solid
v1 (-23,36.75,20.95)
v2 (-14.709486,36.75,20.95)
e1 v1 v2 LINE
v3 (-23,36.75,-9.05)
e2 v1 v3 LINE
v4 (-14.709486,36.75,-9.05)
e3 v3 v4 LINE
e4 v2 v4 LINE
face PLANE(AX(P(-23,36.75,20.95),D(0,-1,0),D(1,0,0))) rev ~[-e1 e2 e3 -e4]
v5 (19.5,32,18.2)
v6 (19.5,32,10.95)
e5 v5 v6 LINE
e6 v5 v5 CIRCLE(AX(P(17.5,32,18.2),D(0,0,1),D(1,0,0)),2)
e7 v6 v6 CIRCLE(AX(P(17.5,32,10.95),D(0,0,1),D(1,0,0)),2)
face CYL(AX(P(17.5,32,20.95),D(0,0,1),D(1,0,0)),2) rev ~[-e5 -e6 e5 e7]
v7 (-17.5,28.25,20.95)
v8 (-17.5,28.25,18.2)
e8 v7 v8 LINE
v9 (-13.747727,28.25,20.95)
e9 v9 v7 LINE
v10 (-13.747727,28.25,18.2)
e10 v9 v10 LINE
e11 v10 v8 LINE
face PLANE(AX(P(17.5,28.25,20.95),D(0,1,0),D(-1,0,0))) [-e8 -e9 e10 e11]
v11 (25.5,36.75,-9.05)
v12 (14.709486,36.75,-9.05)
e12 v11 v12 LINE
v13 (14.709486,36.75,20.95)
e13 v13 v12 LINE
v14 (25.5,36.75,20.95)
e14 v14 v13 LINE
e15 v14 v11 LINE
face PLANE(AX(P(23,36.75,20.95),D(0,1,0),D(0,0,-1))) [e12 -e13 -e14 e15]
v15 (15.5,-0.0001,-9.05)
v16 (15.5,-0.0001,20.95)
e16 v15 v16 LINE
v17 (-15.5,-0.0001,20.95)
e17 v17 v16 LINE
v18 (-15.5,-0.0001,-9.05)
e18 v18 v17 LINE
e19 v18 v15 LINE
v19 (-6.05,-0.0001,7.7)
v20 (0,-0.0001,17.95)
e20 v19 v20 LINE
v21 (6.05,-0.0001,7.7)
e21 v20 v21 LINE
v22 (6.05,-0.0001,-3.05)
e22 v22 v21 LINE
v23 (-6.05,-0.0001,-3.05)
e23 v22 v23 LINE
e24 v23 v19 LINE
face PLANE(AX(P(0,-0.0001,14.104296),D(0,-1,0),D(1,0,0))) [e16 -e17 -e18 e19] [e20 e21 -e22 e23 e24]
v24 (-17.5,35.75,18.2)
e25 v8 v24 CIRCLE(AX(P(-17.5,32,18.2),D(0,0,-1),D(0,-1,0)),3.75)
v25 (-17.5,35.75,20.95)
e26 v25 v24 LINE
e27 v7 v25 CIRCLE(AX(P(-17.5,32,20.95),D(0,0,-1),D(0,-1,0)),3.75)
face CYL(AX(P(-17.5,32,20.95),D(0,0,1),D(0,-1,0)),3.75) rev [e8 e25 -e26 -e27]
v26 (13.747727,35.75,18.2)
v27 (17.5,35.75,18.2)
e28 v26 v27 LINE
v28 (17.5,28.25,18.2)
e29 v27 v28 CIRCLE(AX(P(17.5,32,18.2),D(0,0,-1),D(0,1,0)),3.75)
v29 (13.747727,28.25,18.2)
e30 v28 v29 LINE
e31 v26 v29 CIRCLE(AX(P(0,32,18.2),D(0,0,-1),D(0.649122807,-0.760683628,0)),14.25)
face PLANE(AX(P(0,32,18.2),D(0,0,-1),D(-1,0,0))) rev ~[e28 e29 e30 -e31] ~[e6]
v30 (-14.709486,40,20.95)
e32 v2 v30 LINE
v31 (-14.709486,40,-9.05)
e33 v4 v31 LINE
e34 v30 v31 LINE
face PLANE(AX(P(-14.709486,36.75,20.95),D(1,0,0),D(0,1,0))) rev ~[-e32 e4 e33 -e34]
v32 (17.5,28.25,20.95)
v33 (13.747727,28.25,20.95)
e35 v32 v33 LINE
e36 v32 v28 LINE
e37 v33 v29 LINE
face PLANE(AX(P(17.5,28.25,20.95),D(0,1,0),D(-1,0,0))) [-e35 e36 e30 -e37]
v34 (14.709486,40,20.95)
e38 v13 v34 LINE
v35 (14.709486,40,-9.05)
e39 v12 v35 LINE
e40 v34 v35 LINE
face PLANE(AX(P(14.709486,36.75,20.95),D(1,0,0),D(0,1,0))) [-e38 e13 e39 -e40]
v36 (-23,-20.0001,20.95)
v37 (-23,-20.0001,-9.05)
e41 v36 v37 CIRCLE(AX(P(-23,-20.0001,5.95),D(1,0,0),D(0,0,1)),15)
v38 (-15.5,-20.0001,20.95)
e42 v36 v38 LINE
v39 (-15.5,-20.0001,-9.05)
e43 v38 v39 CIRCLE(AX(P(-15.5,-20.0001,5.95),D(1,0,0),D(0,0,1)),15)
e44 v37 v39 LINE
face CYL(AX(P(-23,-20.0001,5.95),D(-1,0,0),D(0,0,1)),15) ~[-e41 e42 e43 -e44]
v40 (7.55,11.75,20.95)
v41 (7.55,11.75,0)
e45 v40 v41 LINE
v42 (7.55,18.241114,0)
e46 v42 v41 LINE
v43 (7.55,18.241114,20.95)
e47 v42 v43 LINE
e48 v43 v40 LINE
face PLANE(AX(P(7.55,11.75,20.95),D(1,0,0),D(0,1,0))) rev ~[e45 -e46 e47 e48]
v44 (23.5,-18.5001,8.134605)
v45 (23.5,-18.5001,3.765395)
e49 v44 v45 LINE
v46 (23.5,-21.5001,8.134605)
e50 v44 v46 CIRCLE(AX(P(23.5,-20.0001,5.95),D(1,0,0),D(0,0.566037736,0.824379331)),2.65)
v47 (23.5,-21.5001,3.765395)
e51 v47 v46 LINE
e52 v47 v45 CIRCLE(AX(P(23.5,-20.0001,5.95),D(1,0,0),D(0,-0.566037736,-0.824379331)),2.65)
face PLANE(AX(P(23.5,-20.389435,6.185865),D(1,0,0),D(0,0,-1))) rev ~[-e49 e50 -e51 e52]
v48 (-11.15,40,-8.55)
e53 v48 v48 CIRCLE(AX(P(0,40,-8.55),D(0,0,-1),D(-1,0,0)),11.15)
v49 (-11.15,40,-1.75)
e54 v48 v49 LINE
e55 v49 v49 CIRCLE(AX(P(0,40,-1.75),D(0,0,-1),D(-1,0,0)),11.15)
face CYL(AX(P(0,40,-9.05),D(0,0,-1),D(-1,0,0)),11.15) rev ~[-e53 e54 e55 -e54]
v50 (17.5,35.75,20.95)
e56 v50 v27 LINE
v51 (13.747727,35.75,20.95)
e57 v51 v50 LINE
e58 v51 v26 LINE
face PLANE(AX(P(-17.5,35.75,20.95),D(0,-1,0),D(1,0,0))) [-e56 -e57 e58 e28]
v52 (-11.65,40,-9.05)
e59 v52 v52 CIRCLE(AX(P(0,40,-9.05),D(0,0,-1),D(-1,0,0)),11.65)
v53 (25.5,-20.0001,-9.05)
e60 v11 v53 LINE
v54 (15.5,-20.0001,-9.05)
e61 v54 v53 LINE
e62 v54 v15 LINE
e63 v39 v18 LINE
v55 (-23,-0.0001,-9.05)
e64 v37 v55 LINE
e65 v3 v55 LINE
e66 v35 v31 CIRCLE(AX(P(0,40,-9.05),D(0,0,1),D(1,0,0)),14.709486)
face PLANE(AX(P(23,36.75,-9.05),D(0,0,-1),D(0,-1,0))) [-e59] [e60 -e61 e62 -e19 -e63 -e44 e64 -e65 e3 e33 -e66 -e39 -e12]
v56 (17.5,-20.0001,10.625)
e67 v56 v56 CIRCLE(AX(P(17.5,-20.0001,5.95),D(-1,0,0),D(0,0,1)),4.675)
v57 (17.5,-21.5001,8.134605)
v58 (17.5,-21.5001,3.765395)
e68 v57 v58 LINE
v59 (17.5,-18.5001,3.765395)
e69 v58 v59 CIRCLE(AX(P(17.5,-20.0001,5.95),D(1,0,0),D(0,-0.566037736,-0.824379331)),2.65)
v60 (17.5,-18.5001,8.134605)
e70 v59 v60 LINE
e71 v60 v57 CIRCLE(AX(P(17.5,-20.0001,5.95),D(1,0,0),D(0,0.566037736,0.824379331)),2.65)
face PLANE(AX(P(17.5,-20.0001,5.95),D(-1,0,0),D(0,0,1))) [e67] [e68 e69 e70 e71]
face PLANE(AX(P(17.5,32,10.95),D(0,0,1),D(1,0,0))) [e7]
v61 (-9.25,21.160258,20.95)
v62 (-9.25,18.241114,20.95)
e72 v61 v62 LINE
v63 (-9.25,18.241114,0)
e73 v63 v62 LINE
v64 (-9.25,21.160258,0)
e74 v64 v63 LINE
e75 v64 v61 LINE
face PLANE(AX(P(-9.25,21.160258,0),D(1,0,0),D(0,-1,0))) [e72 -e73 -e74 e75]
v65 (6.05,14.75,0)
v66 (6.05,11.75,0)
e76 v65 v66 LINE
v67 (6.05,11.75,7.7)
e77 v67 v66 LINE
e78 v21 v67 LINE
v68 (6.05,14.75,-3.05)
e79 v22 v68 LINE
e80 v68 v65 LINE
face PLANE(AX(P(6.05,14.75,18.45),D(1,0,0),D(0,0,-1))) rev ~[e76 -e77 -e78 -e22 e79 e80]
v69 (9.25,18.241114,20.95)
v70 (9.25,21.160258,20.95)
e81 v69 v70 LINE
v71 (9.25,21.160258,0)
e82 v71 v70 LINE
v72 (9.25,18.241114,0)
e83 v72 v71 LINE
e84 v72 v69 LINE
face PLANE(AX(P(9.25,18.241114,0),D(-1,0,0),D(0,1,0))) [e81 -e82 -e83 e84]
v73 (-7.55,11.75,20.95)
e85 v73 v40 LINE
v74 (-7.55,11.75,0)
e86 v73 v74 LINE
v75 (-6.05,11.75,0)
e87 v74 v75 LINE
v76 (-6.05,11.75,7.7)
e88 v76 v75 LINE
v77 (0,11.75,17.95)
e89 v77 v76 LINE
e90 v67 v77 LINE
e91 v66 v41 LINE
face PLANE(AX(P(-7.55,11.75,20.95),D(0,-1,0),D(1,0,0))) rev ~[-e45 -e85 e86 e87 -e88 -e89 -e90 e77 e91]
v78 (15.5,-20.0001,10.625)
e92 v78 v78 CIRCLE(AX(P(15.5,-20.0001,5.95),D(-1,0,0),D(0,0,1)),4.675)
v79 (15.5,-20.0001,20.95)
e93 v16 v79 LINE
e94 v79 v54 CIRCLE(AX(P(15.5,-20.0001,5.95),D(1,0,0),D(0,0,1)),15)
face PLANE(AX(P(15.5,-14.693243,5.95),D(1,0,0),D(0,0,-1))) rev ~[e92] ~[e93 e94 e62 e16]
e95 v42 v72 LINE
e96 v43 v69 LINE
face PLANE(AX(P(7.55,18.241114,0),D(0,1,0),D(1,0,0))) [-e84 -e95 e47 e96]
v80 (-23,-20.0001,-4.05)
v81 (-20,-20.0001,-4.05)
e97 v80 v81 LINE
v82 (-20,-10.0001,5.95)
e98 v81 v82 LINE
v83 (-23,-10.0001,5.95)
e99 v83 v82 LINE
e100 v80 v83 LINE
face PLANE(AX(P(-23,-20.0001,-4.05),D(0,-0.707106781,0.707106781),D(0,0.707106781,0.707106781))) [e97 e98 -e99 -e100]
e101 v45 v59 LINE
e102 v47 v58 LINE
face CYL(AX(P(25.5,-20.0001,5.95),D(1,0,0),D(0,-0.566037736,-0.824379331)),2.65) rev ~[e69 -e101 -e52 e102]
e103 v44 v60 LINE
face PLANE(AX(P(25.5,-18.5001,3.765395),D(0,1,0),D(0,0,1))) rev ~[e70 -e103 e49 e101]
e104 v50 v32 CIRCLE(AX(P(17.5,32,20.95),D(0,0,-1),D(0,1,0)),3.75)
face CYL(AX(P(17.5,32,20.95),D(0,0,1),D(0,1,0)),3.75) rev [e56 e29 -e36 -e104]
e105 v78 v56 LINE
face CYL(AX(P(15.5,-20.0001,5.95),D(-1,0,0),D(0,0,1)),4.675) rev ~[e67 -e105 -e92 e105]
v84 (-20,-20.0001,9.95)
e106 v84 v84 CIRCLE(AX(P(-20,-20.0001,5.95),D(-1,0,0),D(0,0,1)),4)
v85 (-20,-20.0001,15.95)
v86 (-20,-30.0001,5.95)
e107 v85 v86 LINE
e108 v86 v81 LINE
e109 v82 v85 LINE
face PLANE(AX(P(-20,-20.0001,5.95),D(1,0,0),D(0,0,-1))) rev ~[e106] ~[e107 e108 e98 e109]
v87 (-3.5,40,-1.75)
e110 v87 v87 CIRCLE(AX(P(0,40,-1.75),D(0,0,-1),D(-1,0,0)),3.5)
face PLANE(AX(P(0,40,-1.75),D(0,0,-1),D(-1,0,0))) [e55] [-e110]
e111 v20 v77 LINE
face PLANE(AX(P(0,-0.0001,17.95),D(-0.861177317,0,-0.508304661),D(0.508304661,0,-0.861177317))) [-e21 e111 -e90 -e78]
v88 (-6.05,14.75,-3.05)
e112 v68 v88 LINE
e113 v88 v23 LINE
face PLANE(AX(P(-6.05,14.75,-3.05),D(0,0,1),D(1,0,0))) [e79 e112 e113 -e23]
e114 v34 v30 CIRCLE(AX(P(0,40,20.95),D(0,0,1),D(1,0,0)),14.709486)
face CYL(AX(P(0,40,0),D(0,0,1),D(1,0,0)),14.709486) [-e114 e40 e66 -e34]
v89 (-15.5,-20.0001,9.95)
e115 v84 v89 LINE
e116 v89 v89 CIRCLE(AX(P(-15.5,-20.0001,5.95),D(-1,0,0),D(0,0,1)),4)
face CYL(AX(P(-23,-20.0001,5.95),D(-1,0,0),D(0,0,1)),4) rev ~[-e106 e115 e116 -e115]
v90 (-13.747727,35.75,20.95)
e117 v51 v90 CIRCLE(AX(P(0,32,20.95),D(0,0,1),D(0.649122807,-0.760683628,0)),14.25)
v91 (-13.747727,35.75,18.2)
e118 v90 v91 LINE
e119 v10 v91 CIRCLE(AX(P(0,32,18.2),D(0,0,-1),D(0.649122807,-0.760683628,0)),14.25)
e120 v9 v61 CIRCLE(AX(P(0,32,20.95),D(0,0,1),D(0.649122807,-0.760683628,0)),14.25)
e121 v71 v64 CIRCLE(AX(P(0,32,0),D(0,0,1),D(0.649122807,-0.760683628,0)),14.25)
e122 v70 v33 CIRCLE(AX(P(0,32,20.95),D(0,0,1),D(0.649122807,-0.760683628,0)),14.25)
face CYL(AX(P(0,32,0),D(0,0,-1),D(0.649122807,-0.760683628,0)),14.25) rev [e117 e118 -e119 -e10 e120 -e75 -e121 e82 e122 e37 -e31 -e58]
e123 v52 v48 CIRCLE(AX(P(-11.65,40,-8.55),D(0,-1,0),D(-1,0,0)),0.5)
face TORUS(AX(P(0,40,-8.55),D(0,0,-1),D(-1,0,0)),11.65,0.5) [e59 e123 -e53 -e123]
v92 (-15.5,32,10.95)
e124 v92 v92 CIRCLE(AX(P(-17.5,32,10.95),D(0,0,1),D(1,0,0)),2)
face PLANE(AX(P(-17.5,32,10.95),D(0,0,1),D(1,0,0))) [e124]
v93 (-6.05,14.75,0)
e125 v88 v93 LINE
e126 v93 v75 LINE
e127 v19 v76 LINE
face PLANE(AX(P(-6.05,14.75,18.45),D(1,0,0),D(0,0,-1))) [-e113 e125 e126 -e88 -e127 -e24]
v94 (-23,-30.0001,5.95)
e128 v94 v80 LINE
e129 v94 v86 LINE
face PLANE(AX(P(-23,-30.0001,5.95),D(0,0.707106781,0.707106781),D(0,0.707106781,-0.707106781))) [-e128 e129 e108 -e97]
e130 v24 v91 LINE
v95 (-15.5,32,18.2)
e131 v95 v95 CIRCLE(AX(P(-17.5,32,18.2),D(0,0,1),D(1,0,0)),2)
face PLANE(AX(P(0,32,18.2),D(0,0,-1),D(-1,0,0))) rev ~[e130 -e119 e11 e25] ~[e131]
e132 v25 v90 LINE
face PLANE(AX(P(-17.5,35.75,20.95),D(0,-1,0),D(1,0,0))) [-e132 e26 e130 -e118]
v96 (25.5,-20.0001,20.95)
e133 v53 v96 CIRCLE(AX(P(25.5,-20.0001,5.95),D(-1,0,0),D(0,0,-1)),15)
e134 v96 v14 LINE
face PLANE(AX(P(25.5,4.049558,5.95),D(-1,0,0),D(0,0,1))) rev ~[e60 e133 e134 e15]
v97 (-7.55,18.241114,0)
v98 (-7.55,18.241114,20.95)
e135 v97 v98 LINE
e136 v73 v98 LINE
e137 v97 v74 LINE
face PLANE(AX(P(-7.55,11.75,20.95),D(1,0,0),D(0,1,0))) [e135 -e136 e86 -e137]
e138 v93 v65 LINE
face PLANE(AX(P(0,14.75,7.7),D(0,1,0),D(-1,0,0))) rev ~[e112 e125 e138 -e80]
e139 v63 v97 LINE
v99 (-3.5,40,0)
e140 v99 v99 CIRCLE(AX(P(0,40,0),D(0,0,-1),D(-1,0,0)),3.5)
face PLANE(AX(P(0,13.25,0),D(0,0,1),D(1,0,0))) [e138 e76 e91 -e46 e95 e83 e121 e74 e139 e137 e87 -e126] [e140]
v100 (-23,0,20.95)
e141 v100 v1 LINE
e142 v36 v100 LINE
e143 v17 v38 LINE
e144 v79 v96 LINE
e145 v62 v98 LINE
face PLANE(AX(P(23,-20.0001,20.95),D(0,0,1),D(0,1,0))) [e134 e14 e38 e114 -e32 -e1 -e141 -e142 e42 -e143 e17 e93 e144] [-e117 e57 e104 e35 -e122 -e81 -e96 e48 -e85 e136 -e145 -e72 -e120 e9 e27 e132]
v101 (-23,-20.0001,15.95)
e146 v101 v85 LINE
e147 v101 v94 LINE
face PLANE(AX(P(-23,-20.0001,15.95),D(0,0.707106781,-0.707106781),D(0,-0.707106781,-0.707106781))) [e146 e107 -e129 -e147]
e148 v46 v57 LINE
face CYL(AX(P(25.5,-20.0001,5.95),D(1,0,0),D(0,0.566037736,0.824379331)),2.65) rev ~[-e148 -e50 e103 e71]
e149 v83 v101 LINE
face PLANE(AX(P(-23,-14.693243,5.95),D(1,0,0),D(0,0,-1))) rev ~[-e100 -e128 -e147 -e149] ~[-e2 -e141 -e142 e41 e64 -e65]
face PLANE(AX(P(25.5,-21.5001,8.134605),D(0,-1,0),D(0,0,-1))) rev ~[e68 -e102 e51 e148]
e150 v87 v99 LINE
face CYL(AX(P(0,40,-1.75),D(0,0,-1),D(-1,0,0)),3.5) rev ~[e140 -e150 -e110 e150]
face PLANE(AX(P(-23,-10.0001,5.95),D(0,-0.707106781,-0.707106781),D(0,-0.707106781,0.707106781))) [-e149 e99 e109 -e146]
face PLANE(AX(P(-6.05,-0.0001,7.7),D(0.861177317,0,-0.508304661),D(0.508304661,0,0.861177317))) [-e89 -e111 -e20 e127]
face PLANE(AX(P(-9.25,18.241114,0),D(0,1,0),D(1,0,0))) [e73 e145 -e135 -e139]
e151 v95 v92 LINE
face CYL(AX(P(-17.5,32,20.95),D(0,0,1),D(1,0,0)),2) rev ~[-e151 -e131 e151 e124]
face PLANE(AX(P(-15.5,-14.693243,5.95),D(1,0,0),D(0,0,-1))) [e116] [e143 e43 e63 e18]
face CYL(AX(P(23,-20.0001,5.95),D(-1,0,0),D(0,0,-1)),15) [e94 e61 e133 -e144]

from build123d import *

# Parameters (mm, degrees)
BOSS_EXTRUDE1_DEPTH     = 20.95
BOSS_EXTRUDE2_DEPTH     = 9.05
SKETCH6_R               = 2
CUT_EXTRUDE2_DEPTH      = 10
CUT_EXTRUDE3_DEPTH      = 2.75
SKETCH8_W               = 8.290514233
SKETCH8_H               = 3.25
CUT_EXTRUDE4_DEPTH      = 1
CUT_EXTRUDE4_DEPTH_BACK = 31
SKETCH11_R              = 11.15
BEARING_HOLE_DEPTH      = 7.3
SKETCH9_W               = 12.1
SKETCH9_H               = 21.5
WIRE_HOLE_DEPTH         = 15.75
SKETCH12_W              = 46
SKETCH12_H              = 30
BOSS_EXTRUDE3_DEPTH     = 0.0001
BOSS_EXTRUDE4_DEPTH     = 7.5
BOSS_EXTRUDE5_DEPTH     = 7.5
BOSS_EXTRUDE9_DEPTH     = 2.5
SKETCH15_R              = 4
CUT_EXTRUDE5_DEPTH      = 49.5
SKETCH17_R              = 6.169612062
BOSS_EXTRUDE6_DEPTH     = 10
SKETCH18_R              = 3.85
BOSS_EXTRUDE7_DEPTH     = 14
SKETCH19_R              = 4.675
CUT_EXTRUDE6_DEPTH      = 2
SKETCH24_R              = 3.5
CUT_EXTRUDE7_DEPTH      = 23.7
FILLET1_R               = 0.5
SKETCH25_W              = 8.843315878
SKETCH25_H              = 4.834346013
BOSS_EXTRUDE10_DEPTH    = 2
SKETCH27_W              = 12.1
SKETCH27_H              = 21.5
CUT_EXTRUDE8_DEPTH      = 50.7501
BOSS_EXTRUDE11_DEPTH    = 14.7501
SKETCH29_W              = 15.1
SKETCH29_H              = 3
CUT_EXTRUDE9_DEPTH      = 20.95
SKETCH30_R              = 4
CUT_EXTRUDE10_DEPTH     = 14
CUT_EXTRUDE11_DEPTH     = 3


with BuildPart() as part:
    # Sketch2 → Boss-Extrude1 (new body)
    with BuildSketch(Plane.XY):
        with BuildLine():
            Line((-14.709485767, 40), (-23, 40))
            Line((-23, 40), (-23, 0))
            Line((-23, 0), (23, 0))
            Line((23, 0), (23, 40))
            Line((23, 40), (14.709485767, 40))
            ThreePointArc((14.709485767, 40), (0, 54.709485767), (-14.709485767, 40))
        make_face()
        with BuildLine():
            Line((-7.55, 18.241114036), (-7.55, 14.75))
            Line((-7.55, 14.75), (7.55, 14.75))
            Line((7.55, 14.75), (7.55, 18.241114036))
            Line((7.55, 18.241114036), (9.25, 18.241114036))
            Line((9.25, 18.241114036), (9.25, 21.160258306))
            ThreePointArc((9.25, 21.160258306), (0, 46.25), (-9.25, 21.160258306))
            Line((-9.25, 21.160258306), (-9.25, 18.241114036))
            Line((-9.25, 18.241114036), (-7.55, 18.241114036))
        make_face(mode=Mode.SUBTRACT)
    extrude(amount=BOSS_EXTRUDE1_DEPTH)

    # Sketch3 → Boss-Extrude2 (add)
    with BuildSketch(Plane.XY):
        with BuildLine():
            Line((-14.709485767, 40), (-23, 40))
            Line((-23, 40), (-23, 0))
            Line((-23, 0), (23, 0))
            Line((23, 0), (23, 40))
            Line((23, 40), (14.709485767, 40))
            ThreePointArc((14.709485767, 40), (0, 54.709485767), (-14.709485767, 40))
        make_face()
    extrude(amount=-BOSS_EXTRUDE2_DEPTH)

    # Sketch6 → Cut-Extrude2 (cut)
    with BuildSketch(Plane.XY.offset(20.95)):
        with Locations((-17.5, 32)):
            Circle(SKETCH6_R)
        with Locations((17.5, 32)):
            Circle(SKETCH6_R)
    extrude(amount=-CUT_EXTRUDE2_DEPTH, mode=Mode.SUBTRACT)

    # Sketch7 → Cut-Extrude3 (cut)
    with BuildSketch(Plane.XY.offset(20.95)):
        with BuildLine():
            Line((-17.5, 35.75), (17.5, 35.75))
            ThreePointArc((17.5, 35.75), (21.25, 32), (17.5, 28.25))
            Line((17.5, 28.25), (-17.5, 28.25))
            ThreePointArc((-17.5, 28.25), (-21.25, 32), (-17.5, 35.75))
        make_face()
    extrude(amount=-CUT_EXTRUDE3_DEPTH, mode=Mode.SUBTRACT)

    # Sketch8 → Cut-Extrude4 (cut, two sides)
    with BuildSketch(Plane.XY.offset(20.95)) as cut_extrude4_sk:
        with Locations((-18.854742884, 38.375)):
            Rectangle(SKETCH8_W, SKETCH8_H)
        with Locations((18.854742884, 38.375)):
            Rectangle(SKETCH8_W, SKETCH8_H)
    extrude(amount=CUT_EXTRUDE4_DEPTH, mode=Mode.SUBTRACT)
    extrude(cut_extrude4_sk.sketch, amount=-CUT_EXTRUDE4_DEPTH_BACK, mode=Mode.SUBTRACT)

    # Sketch11 → Bearing Hole (cut)
    with BuildSketch(Plane(origin=(0, 0, -9.05), x_dir=(-1, 0, 0), z_dir=(0, 0, -1))):
        with Locations((0, 40)):
            Circle(SKETCH11_R)
    extrude(amount=-BEARING_HOLE_DEPTH, mode=Mode.SUBTRACT)

    # Sketch9 → Wire Hole (cut, through all)
    with BuildSketch(Plane(origin=(0, 14.75, -19.25), x_dir=(-1, 0, 0), z_dir=(0, 1, 0))):
        with Locations((0, 26.95)):
            Rectangle(SKETCH9_W, SKETCH9_H)
    extrude(amount=-WIRE_HOLE_DEPTH, mode=Mode.SUBTRACT)

    # Sketch12 → Boss-Extrude3 (add)
    with BuildSketch(Plane.XZ):
        with Locations((0, 5.95)):
            Rectangle(SKETCH12_W, SKETCH12_H)
    extrude(amount=BOSS_EXTRUDE3_DEPTH)

    # Sketch13 → Boss-Extrude4 (add)
    with BuildSketch(Plane(origin=(23, 0, 0), x_dir=(0, 0, -1), z_dir=(1, 0, 0))):
        with BuildLine():
            Line((-20.95, -0.0001), (-20.95, -20.0001))
            ThreePointArc((-20.95, -20.0001), (-5.95, -35.0001), (9.05, -20.0001))
            Line((9.05, -20.0001), (9.05, -0.0001))
            Line((9.05, -0.0001), (-20.95, -0.0001))
        make_face()
    extrude(amount=-BOSS_EXTRUDE4_DEPTH)

    # Sketch14 → Boss-Extrude5 (add)
    with BuildSketch(Plane.ZY.offset(23)):
        with BuildLine():
            Line((-9.05, -20.0001), (-9.05, -0.0001))
            Line((-9.05, -0.0001), (20.95, -0.0001))
            Line((20.95, -0.0001), (20.95, -20.0001))
            ThreePointArc((20.95, -20.0001), (5.95, -35.0001), (-9.05, -20.0001))
        make_face()
    extrude(amount=-BOSS_EXTRUDE5_DEPTH)

    # Sketch21 → Boss-Extrude9 (add)
    with BuildSketch(Plane(origin=(23, 0, 0), x_dir=(0, 0, -1), z_dir=(1, 0, 0))):
        with BuildLine():
            Line((-20.95, -20.0001), (-20.95, 36.75))
            Line((-20.95, 36.75), (9.05, 36.75))
            Line((9.05, 36.75), (9.05, -20.0001))
            ThreePointArc((9.05, -20.0001), (-5.95, -35.0001), (-20.95, -20.0001))
        make_face()
    extrude(amount=BOSS_EXTRUDE9_DEPTH)

    # Sketch15 → Cut-Extrude5 (cut, through all)
    with BuildSketch(Plane.ZY.offset(23)):
        with Locations((5.95, -20.0001)):
            Circle(SKETCH15_R)
    extrude(amount=-CUT_EXTRUDE5_DEPTH, mode=Mode.SUBTRACT)

    # Sketch17 → Boss-Extrude6 (add)
    with BuildSketch(Plane(origin=(25.5, 0, -23), x_dir=(0, 0, 1), z_dir=(-1, 0, 0))):
        with Locations((28.95, -20.0001)):
            Circle(SKETCH17_R)
        with BuildLine():
            Line((26.765394773, -18.5001), (31.134605227, -18.5001))
            ThreePointArc((31.134605227, -18.5001), (31.6, -20.0001), (31.134605227, -21.5001))
            Line((31.134605227, -21.5001), (26.765394773, -21.5001))
            ThreePointArc((26.765394773, -21.5001), (26.3, -20.0001), (26.765394773, -18.5001))
        make_face(mode=Mode.SUBTRACT)
    extrude(amount=BOSS_EXTRUDE6_DEPTH)

    # Sketch19 → Cut-Extrude6 (cut)
    with BuildSketch(Plane.ZY.offset(-15.5)):
        with Locations((5.95, -20.0001)):
            Circle(SKETCH19_R)
    extrude(amount=-CUT_EXTRUDE6_DEPTH, mode=Mode.SUBTRACT)

    # Sketch24 → Cut-Extrude7 (cut, through all)
    with BuildSketch(Plane(origin=(0, 0, -1.75), x_dir=(-1, 0, 0), z_dir=(0, 0, -1))):
        with Locations((0, 40)):
            Circle(SKETCH24_R)
    extrude(amount=-CUT_EXTRUDE7_DEPTH, mode=Mode.SUBTRACT)

    # Fillet1
    fillet1_edges = [part.edges().sort_by_distance(p)[0] for p in [
        (11.15, 40, -9.05),
    ]]
    fillet(fillet1_edges, radius=FILLET1_R)

    # Sketch25 → Boss-Extrude10 (add)
    with BuildSketch(Plane(origin=(25.5, 0, 0), x_dir=(0, 0, -1), z_dir=(1, 0, 0))):
        with Locations((-6.185865257, -20.38943492)):
            Rectangle(SKETCH25_W, SKETCH25_H)
    extrude(amount=-BOSS_EXTRUDE10_DEPTH)

    # Sketch27 → Cut-Extrude8 (cut, through all)
    with BuildSketch(Plane(origin=(0, 14.75, 0), x_dir=(1, 0, 0), z_dir=(0, 1, 0))):
        with Locations((0, -7.7)):
            Rectangle(SKETCH27_W, SKETCH27_H)
    extrude(amount=-CUT_EXTRUDE8_DEPTH, mode=Mode.SUBTRACT)

    # Sketch28 → Boss-Extrude11 (add)
    with BuildSketch(Plane.XZ.offset(0.0001)):
        Polygon((-6.05, 7.7), (0, 17.95), (6.05, 7.7), (6.05, 18.45), (-6.05, 18.45), align=None)
    extrude(amount=-BOSS_EXTRUDE11_DEPTH)

    # Sketch29 → Cut-Extrude9 (cut)
    with BuildSketch(Plane.XY.offset(20.95)):
        with Locations((0, 13.25)):
            Rectangle(SKETCH29_W, SKETCH29_H)
    extrude(amount=-CUT_EXTRUDE9_DEPTH, mode=Mode.SUBTRACT)

    # Sketch31 → Cut-Extrude11 (cut)
    with BuildSketch(Plane.ZY.offset(23)):
        Polygon((5.95, -10.0001), (15.95, -20.0001), (5.95, -30.0001), (-4.05, -20.0001), align=None)
    extrude(amount=-CUT_EXTRUDE11_DEPTH, mode=Mode.SUBTRACT)


with BuildPart() as body_2:
    # Sketch18 → Boss-Extrude7 (new body)
    with BuildSketch(Plane.ZY.offset(23)):
        with Locations((5.95, -20.0001)):
            Circle(SKETCH18_R)
    extrude(amount=-BOSS_EXTRUDE7_DEPTH)

    # Sketch30 → Cut-Extrude10 (cut)
    with BuildSketch(Plane.ZY.offset(23)):
        with Locations((5.95, -20.0001)):
            Circle(SKETCH30_R)
    extrude(amount=-CUT_EXTRUDE10_DEPTH, mode=Mode.SUBTRACT)


solid = part.part
